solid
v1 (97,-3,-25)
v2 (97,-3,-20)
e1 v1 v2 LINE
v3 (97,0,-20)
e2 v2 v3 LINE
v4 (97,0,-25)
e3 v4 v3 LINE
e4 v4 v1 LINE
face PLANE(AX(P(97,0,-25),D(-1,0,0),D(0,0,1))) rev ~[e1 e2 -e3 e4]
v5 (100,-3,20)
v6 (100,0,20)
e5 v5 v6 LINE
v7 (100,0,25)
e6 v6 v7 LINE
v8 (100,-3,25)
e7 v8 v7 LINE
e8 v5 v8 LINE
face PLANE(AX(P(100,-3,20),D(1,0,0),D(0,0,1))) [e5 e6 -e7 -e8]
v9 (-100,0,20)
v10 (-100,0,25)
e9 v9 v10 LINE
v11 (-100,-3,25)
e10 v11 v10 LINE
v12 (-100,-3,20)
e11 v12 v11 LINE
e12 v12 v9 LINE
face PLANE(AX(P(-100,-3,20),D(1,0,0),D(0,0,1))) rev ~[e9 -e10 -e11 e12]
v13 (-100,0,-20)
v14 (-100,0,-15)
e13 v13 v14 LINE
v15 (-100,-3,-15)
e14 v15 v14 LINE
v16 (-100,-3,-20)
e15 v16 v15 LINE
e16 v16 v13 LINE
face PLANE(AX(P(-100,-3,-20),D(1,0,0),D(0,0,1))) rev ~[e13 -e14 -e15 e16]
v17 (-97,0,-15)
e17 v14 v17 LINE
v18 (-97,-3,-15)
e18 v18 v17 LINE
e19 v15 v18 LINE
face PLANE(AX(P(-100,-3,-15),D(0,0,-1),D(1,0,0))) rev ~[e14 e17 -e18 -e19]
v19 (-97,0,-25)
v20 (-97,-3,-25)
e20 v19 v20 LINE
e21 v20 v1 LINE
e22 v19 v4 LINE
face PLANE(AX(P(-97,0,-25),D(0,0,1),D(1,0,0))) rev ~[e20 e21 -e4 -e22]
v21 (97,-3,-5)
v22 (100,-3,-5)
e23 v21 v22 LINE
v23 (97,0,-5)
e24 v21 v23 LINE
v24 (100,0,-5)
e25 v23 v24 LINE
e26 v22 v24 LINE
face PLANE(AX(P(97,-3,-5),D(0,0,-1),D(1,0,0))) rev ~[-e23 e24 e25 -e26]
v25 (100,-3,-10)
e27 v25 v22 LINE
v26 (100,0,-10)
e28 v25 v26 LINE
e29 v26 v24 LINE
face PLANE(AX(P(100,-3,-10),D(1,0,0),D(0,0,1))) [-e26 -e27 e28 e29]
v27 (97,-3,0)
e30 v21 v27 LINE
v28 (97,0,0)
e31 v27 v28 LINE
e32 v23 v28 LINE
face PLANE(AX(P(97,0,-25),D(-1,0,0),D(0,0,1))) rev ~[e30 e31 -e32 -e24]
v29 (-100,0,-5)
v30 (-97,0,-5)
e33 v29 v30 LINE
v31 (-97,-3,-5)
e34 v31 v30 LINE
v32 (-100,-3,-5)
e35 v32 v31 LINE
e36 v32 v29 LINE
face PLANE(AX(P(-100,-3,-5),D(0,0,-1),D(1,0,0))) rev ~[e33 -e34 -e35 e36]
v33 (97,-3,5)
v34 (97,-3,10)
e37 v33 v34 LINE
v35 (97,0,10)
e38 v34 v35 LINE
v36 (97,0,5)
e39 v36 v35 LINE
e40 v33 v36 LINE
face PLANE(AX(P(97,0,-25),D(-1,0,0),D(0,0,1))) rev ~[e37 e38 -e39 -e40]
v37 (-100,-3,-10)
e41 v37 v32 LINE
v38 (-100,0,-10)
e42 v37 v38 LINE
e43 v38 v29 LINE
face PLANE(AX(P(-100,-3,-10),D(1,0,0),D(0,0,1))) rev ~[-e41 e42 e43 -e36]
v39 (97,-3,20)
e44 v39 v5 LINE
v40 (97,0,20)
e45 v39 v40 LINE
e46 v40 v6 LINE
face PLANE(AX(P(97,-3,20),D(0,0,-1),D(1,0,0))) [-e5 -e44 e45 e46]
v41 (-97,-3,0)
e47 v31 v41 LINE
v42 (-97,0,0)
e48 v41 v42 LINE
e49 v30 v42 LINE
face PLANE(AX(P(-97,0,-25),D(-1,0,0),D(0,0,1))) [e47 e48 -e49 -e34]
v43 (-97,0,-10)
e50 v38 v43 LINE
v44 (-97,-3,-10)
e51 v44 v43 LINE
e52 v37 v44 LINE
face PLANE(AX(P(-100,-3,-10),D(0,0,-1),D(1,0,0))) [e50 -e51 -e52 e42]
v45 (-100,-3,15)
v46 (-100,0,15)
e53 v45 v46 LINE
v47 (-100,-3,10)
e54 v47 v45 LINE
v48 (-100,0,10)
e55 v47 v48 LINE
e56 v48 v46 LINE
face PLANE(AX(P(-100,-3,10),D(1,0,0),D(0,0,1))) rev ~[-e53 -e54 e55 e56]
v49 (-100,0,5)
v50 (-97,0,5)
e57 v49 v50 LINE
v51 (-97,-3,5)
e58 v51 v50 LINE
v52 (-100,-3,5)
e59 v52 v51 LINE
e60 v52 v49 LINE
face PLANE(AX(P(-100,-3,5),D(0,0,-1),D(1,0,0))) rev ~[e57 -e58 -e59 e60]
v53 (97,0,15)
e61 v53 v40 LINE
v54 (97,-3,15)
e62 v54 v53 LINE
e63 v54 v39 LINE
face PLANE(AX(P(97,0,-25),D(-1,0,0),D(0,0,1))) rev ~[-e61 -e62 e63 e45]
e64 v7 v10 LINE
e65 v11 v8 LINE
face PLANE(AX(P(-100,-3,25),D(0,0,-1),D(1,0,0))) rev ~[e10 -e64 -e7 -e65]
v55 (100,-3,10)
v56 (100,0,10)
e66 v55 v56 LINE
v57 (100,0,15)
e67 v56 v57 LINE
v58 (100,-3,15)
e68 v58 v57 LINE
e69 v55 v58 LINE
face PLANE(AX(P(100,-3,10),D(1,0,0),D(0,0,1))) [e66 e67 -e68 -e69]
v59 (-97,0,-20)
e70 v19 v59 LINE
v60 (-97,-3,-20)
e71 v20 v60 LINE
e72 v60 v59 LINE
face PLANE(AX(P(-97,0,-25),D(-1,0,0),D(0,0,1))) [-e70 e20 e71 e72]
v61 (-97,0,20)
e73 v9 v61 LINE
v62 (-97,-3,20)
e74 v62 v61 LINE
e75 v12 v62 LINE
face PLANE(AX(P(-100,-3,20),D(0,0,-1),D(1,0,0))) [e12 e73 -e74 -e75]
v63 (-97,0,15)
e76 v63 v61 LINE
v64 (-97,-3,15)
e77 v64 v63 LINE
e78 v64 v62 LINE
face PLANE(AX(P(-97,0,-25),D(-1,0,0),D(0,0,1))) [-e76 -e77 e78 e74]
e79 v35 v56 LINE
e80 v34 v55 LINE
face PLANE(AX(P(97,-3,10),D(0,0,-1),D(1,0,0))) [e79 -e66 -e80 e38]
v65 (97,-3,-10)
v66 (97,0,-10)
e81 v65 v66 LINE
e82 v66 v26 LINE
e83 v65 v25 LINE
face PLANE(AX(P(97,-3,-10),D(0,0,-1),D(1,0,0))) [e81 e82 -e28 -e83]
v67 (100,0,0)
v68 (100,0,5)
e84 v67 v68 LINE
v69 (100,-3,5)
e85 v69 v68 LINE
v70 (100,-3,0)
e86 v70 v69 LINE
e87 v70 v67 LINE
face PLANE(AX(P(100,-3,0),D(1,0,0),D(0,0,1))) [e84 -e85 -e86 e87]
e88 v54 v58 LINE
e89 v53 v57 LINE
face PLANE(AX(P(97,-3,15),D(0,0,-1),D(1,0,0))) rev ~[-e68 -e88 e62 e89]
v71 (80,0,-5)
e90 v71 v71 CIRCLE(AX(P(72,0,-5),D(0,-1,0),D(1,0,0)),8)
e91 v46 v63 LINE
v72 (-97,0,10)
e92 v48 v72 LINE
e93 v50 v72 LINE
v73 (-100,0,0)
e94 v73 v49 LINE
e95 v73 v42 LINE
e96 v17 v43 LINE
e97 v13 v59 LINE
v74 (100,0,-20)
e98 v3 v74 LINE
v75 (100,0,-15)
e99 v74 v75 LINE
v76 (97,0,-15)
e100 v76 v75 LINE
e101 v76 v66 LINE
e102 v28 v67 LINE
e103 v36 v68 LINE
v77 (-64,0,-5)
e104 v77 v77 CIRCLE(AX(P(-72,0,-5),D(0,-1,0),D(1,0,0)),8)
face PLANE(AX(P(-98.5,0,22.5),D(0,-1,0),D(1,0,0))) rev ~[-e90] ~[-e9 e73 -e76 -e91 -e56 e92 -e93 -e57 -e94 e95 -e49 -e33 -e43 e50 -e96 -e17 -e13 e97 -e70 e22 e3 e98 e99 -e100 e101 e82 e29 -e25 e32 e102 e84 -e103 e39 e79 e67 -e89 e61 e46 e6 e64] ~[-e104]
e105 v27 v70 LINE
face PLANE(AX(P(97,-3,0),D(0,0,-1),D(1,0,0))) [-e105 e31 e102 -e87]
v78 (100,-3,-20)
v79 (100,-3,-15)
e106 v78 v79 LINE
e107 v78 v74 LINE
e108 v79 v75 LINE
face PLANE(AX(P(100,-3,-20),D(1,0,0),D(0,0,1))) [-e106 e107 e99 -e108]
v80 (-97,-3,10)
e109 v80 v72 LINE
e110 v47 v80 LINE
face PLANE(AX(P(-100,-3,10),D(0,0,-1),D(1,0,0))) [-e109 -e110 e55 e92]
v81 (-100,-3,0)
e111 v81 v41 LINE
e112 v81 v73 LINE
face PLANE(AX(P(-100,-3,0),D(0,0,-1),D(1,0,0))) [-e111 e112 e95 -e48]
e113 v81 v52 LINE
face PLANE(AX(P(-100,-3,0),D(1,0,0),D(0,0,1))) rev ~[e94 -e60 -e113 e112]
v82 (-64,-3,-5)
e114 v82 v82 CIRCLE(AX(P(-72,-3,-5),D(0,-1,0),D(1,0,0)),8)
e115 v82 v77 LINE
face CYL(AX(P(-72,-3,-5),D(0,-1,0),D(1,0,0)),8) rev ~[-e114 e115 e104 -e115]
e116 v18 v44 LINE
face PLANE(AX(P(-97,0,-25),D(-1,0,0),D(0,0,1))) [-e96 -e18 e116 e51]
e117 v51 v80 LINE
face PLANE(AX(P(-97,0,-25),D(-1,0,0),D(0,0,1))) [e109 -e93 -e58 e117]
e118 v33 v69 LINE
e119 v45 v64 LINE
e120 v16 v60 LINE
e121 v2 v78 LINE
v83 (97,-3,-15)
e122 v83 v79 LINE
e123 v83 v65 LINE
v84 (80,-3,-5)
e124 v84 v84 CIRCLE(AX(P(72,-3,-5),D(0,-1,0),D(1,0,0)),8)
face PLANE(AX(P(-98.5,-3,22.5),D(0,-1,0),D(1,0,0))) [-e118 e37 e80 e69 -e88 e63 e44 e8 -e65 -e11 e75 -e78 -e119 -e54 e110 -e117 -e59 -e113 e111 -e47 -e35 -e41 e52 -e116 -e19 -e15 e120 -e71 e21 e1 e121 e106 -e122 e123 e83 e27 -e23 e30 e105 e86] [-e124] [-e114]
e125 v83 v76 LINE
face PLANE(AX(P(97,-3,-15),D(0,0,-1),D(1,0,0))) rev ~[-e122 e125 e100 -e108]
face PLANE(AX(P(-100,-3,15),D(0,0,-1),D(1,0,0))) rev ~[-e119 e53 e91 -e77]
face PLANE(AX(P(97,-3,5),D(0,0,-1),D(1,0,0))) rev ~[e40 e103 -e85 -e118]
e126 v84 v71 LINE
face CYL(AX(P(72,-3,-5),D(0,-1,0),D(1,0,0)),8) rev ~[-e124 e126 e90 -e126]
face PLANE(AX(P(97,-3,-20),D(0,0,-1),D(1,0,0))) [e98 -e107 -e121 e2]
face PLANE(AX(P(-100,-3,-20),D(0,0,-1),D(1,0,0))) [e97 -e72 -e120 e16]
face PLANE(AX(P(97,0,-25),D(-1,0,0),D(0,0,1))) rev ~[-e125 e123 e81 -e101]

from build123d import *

# Parameters (mm, degrees)
F0_W     = 194
F0_H     = 50
F1_DEPTH = 3
F2_W     = 3
F2_H     = 5
F3_DEPTH = 3
F4_R     = 8
F5_DEPTH = 25


with BuildPart() as f1:
    # F0 (on Front) → F1 (new body)
    with BuildSketch(Plane.XZ):
        Rectangle(F0_W, F0_H)
    extrude(amount=F1_DEPTH)

    # F2 (on face) → F3 (join)
    with BuildSketch(Plane.XZ.offset(3)):
        with Locations((-98.5, 22.5)):
            Rectangle(F2_W, F2_H)
        with Locations((-98.5, 12.5)):
            Rectangle(F2_W, F2_H)
        with Locations((-98.5, 2.5)):
            Rectangle(F2_W, F2_H)
        with Locations((-98.5, -7.5)):
            Rectangle(F2_W, F2_H)
        with Locations((-98.5, -17.5)):
            Rectangle(F2_W, F2_H)
        with Locations((98.5, 12.5)):
            Rectangle(F2_W, F2_H)
        with Locations((98.5, 22.5)):
            Rectangle(F2_W, F2_H)
        with Locations((98.5, 2.5)):
            Rectangle(F2_W, F2_H)
        with Locations((98.5, -7.5)):
            Rectangle(F2_W, F2_H)
        with Locations((98.5, -17.5)):
            Rectangle(F2_W, F2_H)
    extrude(amount=-F3_DEPTH)

    # F4 (on face) → F5 (cut)
    with BuildSketch(Plane.XZ.offset(3)):
        with Locations((-72, -5)):
            Circle(F4_R)
        with Locations((72, -5)):
            Circle(F4_R)
    extrude(amount=-F5_DEPTH, mode=Mode.SUBTRACT)


solid = f1.part
